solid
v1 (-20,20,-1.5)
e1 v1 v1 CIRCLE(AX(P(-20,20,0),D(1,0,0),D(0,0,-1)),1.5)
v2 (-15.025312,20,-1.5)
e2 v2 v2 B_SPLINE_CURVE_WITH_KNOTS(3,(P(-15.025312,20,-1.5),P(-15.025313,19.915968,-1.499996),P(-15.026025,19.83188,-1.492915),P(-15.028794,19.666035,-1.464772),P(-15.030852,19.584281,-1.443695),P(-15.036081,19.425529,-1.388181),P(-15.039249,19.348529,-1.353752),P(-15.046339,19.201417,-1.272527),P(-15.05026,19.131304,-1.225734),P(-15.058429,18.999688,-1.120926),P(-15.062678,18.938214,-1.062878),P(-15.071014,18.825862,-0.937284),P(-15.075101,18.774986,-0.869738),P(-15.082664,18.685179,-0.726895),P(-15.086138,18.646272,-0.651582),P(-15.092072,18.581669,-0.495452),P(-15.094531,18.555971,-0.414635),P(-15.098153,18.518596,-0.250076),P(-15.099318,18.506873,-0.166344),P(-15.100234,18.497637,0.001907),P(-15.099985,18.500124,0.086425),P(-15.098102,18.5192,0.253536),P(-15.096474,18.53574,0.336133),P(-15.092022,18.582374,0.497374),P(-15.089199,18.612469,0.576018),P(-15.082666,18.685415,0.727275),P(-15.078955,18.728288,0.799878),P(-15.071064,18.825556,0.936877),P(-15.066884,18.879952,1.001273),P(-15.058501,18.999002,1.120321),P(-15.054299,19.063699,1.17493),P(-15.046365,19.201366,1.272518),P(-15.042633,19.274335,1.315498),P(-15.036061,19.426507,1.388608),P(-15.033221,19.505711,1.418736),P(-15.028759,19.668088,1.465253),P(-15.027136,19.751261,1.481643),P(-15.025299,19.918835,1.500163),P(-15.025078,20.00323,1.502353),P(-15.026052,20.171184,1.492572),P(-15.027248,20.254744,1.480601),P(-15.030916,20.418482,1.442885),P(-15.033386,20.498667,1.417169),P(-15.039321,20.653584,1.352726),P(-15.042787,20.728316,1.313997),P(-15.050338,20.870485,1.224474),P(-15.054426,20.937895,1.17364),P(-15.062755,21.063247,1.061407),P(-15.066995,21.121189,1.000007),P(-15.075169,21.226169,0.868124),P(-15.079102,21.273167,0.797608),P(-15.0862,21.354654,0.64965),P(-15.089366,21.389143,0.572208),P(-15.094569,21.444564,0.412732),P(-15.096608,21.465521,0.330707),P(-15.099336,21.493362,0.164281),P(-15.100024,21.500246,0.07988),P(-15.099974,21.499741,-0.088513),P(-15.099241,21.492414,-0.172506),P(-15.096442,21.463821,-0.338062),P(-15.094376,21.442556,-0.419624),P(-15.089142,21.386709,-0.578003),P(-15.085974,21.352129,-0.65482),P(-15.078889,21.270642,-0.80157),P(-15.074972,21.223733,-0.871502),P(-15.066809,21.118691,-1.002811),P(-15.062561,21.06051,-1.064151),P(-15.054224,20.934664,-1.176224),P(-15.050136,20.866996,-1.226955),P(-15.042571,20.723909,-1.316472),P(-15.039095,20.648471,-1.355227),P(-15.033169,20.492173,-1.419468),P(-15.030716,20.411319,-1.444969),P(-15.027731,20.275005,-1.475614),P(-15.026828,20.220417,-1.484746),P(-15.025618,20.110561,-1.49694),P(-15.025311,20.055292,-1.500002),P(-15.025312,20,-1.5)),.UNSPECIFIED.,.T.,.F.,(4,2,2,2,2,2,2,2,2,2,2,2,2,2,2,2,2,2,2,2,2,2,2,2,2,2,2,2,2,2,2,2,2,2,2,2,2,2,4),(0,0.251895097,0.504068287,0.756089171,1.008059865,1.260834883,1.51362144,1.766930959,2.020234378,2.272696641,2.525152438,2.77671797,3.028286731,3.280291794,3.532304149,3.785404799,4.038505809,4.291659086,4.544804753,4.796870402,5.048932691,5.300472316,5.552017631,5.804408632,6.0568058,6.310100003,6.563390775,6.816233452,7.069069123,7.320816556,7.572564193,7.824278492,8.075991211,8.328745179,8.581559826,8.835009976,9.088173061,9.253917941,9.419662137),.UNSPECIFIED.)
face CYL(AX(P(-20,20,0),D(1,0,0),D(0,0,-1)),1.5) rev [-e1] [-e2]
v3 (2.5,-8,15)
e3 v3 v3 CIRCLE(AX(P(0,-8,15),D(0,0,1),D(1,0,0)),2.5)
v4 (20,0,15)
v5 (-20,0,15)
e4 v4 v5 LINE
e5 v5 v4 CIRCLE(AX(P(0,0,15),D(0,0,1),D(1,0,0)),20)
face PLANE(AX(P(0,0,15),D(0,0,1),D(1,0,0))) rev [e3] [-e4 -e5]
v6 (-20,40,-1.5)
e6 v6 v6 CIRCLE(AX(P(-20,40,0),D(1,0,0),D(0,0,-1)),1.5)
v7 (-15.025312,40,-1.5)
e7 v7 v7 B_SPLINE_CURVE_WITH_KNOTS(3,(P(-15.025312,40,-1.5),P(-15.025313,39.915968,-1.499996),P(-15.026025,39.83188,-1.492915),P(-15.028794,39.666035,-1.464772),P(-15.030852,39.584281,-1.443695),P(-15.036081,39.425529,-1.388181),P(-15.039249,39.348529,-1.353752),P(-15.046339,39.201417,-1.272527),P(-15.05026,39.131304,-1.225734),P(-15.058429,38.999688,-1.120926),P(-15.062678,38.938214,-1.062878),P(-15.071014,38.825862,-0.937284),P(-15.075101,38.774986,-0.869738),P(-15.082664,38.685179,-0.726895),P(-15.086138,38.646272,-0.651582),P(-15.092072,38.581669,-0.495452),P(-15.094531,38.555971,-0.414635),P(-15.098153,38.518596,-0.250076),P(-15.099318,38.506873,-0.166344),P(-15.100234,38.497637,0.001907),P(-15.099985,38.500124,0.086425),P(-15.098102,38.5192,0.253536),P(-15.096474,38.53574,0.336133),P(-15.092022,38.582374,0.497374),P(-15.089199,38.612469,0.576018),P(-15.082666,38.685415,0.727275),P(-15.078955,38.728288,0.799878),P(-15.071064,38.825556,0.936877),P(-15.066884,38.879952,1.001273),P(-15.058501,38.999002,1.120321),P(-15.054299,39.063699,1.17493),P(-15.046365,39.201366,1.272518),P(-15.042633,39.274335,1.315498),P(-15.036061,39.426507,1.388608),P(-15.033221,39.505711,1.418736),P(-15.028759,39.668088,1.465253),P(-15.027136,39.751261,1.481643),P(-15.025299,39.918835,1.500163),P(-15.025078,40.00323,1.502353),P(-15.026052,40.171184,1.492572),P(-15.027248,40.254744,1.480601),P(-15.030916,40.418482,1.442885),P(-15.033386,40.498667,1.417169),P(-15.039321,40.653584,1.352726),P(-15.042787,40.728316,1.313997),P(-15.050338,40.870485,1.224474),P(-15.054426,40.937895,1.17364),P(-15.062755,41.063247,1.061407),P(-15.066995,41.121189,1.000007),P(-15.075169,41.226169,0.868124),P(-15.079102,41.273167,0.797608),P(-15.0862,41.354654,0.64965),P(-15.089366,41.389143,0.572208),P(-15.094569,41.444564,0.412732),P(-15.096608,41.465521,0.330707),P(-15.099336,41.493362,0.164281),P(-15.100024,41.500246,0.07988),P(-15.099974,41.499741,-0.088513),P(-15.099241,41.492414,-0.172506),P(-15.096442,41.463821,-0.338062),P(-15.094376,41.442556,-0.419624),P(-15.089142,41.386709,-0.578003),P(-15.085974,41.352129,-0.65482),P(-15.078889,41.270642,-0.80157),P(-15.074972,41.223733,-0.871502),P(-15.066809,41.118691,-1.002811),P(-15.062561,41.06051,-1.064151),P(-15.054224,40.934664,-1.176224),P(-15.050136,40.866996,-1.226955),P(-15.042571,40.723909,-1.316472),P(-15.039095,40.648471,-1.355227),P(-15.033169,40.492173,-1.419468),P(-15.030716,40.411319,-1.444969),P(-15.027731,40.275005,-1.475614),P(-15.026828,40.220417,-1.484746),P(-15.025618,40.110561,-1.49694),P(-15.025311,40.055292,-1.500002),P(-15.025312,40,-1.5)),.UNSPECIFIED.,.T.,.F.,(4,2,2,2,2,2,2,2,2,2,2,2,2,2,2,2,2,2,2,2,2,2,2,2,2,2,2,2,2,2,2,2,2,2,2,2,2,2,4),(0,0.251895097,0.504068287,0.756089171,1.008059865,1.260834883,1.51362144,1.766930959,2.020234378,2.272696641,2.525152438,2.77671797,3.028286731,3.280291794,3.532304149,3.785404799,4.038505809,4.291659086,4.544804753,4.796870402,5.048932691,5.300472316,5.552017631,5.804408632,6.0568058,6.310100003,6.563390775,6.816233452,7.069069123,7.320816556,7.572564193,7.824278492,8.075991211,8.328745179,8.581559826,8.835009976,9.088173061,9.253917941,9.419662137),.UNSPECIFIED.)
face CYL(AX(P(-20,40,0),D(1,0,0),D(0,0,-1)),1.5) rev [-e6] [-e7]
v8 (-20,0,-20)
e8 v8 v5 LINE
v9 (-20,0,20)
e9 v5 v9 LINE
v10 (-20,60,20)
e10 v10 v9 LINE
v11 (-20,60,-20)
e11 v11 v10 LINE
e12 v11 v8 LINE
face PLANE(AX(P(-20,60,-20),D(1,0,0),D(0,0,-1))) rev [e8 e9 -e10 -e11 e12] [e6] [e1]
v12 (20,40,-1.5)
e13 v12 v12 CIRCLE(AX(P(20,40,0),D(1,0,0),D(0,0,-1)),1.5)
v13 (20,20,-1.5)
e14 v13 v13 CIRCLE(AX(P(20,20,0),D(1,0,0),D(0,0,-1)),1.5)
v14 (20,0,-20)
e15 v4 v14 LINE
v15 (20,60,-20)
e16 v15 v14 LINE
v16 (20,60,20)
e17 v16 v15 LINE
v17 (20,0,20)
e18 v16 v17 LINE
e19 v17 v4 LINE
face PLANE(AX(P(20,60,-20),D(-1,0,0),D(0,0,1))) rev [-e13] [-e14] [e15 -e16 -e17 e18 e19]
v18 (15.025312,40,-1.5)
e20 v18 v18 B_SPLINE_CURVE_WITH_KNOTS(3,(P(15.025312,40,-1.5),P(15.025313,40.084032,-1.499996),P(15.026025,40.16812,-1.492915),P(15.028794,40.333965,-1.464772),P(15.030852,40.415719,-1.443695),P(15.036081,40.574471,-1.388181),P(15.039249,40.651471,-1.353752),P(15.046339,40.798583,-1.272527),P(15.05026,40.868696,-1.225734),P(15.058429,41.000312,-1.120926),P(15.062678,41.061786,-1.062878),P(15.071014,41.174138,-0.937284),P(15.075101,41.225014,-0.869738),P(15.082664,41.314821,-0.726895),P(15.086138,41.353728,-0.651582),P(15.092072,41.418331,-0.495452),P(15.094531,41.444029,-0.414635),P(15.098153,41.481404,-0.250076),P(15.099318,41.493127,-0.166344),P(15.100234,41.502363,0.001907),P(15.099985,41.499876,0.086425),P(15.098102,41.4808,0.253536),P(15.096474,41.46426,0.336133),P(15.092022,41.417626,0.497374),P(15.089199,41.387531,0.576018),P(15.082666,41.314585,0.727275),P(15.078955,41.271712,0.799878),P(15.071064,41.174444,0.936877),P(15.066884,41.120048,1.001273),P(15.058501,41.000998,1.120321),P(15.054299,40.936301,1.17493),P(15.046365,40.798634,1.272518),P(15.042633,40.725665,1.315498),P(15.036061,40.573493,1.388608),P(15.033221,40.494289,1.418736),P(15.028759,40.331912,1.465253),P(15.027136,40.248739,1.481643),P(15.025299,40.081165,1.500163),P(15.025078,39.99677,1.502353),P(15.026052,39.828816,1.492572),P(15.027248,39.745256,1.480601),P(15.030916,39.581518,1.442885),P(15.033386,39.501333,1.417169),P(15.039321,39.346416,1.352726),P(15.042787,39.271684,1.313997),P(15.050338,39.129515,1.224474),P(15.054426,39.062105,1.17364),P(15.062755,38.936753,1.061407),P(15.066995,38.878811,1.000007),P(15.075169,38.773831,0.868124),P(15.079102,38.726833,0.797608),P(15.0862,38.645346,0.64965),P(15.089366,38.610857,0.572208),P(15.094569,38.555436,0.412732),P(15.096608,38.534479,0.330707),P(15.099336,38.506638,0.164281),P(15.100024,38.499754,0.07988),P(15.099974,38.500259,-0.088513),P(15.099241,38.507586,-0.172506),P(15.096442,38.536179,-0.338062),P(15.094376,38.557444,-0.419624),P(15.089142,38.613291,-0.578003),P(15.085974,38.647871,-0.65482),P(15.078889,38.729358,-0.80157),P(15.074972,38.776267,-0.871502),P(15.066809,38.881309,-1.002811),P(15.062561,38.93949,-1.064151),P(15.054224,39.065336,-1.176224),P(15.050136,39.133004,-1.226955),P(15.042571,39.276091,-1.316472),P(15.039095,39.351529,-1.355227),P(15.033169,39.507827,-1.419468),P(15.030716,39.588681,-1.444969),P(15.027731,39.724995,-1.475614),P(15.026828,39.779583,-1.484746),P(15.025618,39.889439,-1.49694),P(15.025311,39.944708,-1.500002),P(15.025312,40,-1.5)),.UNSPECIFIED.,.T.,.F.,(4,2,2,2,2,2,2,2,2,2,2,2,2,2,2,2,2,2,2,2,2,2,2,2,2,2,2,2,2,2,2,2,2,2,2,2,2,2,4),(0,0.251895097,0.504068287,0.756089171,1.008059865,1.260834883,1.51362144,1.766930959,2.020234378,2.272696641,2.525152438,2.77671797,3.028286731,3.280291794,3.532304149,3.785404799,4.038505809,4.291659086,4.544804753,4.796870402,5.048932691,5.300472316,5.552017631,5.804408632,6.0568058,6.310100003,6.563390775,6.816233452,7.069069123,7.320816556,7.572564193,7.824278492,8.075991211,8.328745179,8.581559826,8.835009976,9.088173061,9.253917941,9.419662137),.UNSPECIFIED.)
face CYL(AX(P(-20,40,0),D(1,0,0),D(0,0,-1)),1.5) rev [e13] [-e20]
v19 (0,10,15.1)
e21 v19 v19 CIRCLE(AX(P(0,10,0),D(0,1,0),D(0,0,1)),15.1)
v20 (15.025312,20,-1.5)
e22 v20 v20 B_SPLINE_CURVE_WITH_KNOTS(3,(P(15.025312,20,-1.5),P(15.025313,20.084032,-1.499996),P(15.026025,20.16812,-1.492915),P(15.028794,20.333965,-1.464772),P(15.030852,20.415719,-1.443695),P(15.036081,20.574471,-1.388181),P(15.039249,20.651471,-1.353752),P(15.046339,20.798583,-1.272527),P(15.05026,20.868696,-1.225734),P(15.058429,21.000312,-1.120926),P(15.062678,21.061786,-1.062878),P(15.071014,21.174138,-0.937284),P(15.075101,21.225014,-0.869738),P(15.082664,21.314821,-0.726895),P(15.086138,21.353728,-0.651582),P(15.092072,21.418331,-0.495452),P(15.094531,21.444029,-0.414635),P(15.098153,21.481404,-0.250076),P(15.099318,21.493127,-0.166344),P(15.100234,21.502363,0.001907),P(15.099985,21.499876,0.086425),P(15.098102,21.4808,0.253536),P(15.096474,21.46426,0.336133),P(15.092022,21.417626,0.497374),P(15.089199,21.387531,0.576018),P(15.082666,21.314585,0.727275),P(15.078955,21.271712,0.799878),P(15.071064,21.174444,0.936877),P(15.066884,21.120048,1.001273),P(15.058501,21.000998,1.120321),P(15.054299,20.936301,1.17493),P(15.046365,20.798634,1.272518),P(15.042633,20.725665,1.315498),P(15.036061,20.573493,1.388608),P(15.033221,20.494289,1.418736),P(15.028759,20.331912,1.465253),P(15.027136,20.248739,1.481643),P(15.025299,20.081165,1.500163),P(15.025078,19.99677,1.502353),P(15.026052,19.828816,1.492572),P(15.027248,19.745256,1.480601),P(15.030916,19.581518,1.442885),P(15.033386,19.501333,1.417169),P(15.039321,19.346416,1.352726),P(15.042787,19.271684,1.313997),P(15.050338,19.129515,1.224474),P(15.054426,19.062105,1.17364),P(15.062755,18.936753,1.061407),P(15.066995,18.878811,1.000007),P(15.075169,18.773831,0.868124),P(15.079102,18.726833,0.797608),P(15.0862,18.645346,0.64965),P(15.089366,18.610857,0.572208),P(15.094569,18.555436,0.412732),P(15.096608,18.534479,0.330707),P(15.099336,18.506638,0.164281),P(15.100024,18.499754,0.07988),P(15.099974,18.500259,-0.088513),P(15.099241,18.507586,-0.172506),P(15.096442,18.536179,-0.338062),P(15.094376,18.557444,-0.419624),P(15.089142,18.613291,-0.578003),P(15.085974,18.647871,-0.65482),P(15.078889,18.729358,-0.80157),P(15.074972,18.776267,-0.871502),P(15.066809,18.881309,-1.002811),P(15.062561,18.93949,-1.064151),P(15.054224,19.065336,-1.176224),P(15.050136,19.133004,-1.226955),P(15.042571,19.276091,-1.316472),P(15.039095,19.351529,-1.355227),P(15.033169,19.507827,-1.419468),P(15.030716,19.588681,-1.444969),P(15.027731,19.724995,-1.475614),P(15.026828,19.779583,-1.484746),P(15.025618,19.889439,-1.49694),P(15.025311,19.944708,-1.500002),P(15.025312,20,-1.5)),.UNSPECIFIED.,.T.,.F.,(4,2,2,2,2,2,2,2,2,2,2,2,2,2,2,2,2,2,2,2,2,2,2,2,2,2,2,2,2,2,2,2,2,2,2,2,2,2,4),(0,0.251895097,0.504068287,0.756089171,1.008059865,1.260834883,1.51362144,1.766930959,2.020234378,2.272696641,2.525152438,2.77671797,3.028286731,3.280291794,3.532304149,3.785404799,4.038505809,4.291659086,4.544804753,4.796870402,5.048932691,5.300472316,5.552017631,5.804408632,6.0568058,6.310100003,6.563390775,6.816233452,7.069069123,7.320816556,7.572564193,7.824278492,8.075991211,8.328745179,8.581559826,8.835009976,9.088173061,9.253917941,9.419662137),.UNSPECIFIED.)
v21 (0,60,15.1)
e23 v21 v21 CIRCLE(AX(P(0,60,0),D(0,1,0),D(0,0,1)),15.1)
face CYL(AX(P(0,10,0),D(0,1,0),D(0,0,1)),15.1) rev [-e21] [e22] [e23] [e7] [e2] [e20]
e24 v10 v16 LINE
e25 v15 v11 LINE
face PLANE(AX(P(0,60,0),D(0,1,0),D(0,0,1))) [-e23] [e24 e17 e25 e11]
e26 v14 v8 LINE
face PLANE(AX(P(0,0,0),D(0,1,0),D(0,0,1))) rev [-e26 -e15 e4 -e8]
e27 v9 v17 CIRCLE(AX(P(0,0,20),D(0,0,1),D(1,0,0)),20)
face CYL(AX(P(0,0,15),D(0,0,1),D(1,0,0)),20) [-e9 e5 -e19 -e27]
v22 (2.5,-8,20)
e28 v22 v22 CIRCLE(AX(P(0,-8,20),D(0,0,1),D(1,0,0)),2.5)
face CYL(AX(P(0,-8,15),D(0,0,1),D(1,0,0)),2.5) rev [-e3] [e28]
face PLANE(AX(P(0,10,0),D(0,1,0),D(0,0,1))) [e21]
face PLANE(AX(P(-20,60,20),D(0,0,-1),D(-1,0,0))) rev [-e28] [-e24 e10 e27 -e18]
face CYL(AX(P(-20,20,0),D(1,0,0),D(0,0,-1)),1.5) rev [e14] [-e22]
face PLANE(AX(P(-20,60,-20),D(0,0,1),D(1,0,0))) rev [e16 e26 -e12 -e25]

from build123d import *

# Parameters (mm, degrees)
SKETCH_1_W             = 40
SKETCH_1_H             = 40
EXTRUDE_1_DEPTH        = 60
SKETCH_2_R             = 15.1
CUT_EXTRUDE_1_DEPTH    = 50
SKETCH_3_R             = 2.5
EXTRUDE_2_DEPTH        = 5
SKETCH_4_R             = 1.5
CUT_EXTRUDE_2_DEPTH    = 75.833147735
PATTERN_LINEAR_1_COUNT = 2
PATTERN_LINEAR_1_PITCH = 20


with BuildPart() as part:
    # 草圖1 → 填料-伸長1 (new body)
    with BuildSketch(Plane(origin=(0, 0, 0), x_dir=(1, 0, 0), z_dir=(0, 1, 0))):
        Rectangle(SKETCH_1_W, SKETCH_1_H)
    extrude(amount=EXTRUDE_1_DEPTH)

    # 草圖2 → 除料-伸長1 (cut)
    with BuildSketch(Plane(origin=(0, 60, 0), x_dir=(1, 0, 0), z_dir=(0, 1, 0))):
        with Locations(Location((0, 0, 0), (0, 0, 270))):
            Circle(SKETCH_2_R)
    extrude(amount=-CUT_EXTRUDE_1_DEPTH, mode=Mode.SUBTRACT)

    # 草圖3 → 填料-伸長2 (add)
    with BuildSketch(Plane.XY.offset(20)):
        with BuildLine():
            Line((-20, 0), (20, 0))
            ThreePointArc((20, 0), (0, -20), (-20, 0))
        make_face()
        with Locations((0, -8)):
            Circle(SKETCH_3_R, mode=Mode.SUBTRACT)
    extrude(amount=-EXTRUDE_2_DEPTH)

    # 草圖4 → 除料-伸長2 (cut, through all)
    with BuildSketch(Plane(origin=(20, 0, 0), x_dir=(0, 0, -1), z_dir=(1, 0, 0))):
        with Locations((0, 20)):
            Circle(SKETCH_4_R)
    cut_extrude_2 = extrude(amount=-CUT_EXTRUDE_2_DEPTH, mode=Mode.SUBTRACT)

    # 直線複製排列1: 除料-伸長2 ×2
    with Locations(*[(0, i * PATTERN_LINEAR_1_PITCH, 0) for i in range(1, PATTERN_LINEAR_1_COUNT)]):
        add(cut_extrude_2, mode=Mode.SUBTRACT)


solid = part.part
